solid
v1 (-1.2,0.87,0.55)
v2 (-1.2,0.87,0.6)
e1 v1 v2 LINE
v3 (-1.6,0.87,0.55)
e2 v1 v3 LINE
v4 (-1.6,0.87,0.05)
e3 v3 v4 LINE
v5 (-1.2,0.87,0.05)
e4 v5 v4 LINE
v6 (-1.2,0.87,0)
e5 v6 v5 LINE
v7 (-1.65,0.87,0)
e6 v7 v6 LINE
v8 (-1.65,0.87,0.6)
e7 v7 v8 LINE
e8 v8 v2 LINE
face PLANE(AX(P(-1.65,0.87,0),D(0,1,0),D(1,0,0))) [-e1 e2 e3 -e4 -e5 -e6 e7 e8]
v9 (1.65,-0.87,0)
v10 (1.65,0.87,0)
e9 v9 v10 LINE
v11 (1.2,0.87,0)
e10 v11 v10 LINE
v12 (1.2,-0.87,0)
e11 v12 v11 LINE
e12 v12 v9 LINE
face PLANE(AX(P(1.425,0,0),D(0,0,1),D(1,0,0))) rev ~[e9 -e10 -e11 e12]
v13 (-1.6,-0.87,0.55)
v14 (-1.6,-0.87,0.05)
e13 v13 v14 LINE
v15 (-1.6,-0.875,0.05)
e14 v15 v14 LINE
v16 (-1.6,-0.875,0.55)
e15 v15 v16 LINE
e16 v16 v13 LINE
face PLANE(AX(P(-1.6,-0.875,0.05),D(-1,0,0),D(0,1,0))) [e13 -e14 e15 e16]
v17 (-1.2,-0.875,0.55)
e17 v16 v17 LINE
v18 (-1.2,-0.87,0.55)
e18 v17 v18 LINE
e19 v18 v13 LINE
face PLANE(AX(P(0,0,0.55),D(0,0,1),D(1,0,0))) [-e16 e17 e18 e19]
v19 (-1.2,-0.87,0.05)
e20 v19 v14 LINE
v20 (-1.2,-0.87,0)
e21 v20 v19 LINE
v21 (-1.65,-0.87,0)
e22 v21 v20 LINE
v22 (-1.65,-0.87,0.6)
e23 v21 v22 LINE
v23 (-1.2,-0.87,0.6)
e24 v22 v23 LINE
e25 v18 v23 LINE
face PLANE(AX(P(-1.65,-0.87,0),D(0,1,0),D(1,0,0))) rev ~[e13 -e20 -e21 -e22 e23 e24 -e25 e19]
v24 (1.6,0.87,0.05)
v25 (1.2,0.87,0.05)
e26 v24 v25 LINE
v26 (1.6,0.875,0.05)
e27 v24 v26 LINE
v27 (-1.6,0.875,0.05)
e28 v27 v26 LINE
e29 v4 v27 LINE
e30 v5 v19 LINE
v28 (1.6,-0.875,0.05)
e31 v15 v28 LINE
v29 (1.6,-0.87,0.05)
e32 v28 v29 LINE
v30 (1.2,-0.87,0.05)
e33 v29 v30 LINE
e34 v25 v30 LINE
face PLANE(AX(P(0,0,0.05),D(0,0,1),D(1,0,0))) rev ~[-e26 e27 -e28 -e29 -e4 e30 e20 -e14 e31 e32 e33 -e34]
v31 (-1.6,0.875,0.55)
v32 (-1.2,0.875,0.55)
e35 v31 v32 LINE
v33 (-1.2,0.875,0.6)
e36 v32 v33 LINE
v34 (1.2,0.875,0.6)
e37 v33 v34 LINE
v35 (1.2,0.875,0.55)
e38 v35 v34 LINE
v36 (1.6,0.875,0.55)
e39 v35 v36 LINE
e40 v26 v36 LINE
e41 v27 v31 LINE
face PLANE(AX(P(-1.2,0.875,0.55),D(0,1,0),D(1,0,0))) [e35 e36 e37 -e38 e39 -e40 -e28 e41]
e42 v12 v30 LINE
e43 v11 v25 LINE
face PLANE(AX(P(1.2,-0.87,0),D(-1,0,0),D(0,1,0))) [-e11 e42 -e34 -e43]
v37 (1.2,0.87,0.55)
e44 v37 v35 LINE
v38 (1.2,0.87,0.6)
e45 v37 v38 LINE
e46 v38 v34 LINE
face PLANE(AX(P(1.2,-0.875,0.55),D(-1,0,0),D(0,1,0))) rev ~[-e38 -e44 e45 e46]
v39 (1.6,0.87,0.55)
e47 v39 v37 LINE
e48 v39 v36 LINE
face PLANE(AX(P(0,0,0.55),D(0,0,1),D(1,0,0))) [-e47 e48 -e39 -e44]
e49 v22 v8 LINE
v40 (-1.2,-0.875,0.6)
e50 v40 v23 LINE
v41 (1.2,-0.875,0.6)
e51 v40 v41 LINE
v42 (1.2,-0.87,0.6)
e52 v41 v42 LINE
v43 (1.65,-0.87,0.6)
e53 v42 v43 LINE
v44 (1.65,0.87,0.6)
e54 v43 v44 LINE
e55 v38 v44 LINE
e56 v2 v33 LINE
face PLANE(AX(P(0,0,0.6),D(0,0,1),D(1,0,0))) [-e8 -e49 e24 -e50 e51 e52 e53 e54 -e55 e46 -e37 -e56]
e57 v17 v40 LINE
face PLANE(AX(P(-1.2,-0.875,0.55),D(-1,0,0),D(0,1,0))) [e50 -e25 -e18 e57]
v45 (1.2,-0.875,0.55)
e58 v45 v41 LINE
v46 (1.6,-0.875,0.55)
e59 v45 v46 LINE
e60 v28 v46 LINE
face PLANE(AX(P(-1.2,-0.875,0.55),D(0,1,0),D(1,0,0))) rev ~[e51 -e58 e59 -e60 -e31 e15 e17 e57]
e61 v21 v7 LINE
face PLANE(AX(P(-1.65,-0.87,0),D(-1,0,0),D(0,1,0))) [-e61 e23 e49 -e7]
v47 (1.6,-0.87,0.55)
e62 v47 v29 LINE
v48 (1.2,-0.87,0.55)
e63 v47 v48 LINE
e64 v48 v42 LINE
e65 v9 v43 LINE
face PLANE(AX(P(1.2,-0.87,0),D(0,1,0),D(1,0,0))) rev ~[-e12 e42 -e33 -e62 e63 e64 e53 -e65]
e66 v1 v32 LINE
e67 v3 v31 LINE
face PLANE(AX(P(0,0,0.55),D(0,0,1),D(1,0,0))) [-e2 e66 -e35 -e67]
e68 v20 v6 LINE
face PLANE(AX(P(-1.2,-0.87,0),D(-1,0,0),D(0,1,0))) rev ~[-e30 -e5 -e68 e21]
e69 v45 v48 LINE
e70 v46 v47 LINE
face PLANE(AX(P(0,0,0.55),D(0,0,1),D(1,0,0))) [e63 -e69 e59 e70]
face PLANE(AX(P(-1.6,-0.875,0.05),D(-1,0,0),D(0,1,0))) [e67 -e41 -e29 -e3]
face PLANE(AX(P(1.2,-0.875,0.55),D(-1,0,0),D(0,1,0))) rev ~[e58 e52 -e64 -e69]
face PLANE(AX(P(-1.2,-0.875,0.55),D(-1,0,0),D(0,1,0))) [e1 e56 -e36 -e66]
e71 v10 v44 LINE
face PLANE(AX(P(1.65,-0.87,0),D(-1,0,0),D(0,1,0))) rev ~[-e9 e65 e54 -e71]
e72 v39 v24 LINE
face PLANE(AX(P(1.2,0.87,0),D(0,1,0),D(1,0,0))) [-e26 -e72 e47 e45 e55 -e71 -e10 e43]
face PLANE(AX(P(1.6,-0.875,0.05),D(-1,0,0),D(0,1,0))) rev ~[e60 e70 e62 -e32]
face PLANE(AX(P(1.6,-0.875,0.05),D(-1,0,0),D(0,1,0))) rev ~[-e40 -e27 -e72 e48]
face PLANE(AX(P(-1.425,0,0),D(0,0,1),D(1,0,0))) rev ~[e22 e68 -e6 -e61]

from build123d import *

# Parameters (mm, degrees)
PLATING_LEFT_W      = 0.45
PLATING_LEFT_H      = 1.74
PLATING_LEFT_DEPTH  = 0.6
PLATING_RIGHT_W     = 0.45
PLATING_RIGHT_H     = 1.74
PLATING_RIGHT_DEPTH = 0.6
MARKING_W           = 2.4
MARKING_H           = 1.75
MARKING_DEPTH       = 0.05
CHIP_W              = 3.2
CHIP_H              = 1.75
CHIP_DEPTH          = 0.5


with BuildPart() as plating_left:
    # plating_left → plating_left (new body)
    with BuildSketch(Plane(origin=(-1.65, -0.87, 0), x_dir=(1, 0, 0), z_dir=(0, 0, 1))):
        with Locations((0.225, 0.87)):
            Rectangle(PLATING_LEFT_W, PLATING_LEFT_H)
    extrude(amount=PLATING_LEFT_DEPTH)


with BuildPart() as plating_right:
    # plating_right → plating_right (new body)
    with BuildSketch(Plane(origin=(1.2, -0.87, 0), x_dir=(1, 0, 0), z_dir=(0, 0, 1))):
        with Locations((0.225, 0.87)):
            Rectangle(PLATING_RIGHT_W, PLATING_RIGHT_H)
    extrude(amount=PLATING_RIGHT_DEPTH)


with BuildPart() as marking:
    # marking → marking (new body)
    with BuildSketch(Plane(origin=(-1.2, -0.875, 0.55), x_dir=(1, 0, 0), z_dir=(0, 0, 1))):
        with Locations((1.2, 0.875)):
            Rectangle(MARKING_W, MARKING_H)
    extrude(amount=MARKING_DEPTH)


with BuildPart() as resistor:
    # chip → chip (new body)
    with BuildSketch(Plane(origin=(-1.6, -0.875, 0.05), x_dir=(1, 0, 0), z_dir=(0, 0, 1))):
        with Locations((1.6, 0.875)):
            Rectangle(CHIP_W, CHIP_H)
    extrude(amount=CHIP_DEPTH)

    # resistor: union plating_left, plating_right, marking
    add(plating_left.part)
    add(plating_right.part)
    add(marking.part)


solid = resistor.part
